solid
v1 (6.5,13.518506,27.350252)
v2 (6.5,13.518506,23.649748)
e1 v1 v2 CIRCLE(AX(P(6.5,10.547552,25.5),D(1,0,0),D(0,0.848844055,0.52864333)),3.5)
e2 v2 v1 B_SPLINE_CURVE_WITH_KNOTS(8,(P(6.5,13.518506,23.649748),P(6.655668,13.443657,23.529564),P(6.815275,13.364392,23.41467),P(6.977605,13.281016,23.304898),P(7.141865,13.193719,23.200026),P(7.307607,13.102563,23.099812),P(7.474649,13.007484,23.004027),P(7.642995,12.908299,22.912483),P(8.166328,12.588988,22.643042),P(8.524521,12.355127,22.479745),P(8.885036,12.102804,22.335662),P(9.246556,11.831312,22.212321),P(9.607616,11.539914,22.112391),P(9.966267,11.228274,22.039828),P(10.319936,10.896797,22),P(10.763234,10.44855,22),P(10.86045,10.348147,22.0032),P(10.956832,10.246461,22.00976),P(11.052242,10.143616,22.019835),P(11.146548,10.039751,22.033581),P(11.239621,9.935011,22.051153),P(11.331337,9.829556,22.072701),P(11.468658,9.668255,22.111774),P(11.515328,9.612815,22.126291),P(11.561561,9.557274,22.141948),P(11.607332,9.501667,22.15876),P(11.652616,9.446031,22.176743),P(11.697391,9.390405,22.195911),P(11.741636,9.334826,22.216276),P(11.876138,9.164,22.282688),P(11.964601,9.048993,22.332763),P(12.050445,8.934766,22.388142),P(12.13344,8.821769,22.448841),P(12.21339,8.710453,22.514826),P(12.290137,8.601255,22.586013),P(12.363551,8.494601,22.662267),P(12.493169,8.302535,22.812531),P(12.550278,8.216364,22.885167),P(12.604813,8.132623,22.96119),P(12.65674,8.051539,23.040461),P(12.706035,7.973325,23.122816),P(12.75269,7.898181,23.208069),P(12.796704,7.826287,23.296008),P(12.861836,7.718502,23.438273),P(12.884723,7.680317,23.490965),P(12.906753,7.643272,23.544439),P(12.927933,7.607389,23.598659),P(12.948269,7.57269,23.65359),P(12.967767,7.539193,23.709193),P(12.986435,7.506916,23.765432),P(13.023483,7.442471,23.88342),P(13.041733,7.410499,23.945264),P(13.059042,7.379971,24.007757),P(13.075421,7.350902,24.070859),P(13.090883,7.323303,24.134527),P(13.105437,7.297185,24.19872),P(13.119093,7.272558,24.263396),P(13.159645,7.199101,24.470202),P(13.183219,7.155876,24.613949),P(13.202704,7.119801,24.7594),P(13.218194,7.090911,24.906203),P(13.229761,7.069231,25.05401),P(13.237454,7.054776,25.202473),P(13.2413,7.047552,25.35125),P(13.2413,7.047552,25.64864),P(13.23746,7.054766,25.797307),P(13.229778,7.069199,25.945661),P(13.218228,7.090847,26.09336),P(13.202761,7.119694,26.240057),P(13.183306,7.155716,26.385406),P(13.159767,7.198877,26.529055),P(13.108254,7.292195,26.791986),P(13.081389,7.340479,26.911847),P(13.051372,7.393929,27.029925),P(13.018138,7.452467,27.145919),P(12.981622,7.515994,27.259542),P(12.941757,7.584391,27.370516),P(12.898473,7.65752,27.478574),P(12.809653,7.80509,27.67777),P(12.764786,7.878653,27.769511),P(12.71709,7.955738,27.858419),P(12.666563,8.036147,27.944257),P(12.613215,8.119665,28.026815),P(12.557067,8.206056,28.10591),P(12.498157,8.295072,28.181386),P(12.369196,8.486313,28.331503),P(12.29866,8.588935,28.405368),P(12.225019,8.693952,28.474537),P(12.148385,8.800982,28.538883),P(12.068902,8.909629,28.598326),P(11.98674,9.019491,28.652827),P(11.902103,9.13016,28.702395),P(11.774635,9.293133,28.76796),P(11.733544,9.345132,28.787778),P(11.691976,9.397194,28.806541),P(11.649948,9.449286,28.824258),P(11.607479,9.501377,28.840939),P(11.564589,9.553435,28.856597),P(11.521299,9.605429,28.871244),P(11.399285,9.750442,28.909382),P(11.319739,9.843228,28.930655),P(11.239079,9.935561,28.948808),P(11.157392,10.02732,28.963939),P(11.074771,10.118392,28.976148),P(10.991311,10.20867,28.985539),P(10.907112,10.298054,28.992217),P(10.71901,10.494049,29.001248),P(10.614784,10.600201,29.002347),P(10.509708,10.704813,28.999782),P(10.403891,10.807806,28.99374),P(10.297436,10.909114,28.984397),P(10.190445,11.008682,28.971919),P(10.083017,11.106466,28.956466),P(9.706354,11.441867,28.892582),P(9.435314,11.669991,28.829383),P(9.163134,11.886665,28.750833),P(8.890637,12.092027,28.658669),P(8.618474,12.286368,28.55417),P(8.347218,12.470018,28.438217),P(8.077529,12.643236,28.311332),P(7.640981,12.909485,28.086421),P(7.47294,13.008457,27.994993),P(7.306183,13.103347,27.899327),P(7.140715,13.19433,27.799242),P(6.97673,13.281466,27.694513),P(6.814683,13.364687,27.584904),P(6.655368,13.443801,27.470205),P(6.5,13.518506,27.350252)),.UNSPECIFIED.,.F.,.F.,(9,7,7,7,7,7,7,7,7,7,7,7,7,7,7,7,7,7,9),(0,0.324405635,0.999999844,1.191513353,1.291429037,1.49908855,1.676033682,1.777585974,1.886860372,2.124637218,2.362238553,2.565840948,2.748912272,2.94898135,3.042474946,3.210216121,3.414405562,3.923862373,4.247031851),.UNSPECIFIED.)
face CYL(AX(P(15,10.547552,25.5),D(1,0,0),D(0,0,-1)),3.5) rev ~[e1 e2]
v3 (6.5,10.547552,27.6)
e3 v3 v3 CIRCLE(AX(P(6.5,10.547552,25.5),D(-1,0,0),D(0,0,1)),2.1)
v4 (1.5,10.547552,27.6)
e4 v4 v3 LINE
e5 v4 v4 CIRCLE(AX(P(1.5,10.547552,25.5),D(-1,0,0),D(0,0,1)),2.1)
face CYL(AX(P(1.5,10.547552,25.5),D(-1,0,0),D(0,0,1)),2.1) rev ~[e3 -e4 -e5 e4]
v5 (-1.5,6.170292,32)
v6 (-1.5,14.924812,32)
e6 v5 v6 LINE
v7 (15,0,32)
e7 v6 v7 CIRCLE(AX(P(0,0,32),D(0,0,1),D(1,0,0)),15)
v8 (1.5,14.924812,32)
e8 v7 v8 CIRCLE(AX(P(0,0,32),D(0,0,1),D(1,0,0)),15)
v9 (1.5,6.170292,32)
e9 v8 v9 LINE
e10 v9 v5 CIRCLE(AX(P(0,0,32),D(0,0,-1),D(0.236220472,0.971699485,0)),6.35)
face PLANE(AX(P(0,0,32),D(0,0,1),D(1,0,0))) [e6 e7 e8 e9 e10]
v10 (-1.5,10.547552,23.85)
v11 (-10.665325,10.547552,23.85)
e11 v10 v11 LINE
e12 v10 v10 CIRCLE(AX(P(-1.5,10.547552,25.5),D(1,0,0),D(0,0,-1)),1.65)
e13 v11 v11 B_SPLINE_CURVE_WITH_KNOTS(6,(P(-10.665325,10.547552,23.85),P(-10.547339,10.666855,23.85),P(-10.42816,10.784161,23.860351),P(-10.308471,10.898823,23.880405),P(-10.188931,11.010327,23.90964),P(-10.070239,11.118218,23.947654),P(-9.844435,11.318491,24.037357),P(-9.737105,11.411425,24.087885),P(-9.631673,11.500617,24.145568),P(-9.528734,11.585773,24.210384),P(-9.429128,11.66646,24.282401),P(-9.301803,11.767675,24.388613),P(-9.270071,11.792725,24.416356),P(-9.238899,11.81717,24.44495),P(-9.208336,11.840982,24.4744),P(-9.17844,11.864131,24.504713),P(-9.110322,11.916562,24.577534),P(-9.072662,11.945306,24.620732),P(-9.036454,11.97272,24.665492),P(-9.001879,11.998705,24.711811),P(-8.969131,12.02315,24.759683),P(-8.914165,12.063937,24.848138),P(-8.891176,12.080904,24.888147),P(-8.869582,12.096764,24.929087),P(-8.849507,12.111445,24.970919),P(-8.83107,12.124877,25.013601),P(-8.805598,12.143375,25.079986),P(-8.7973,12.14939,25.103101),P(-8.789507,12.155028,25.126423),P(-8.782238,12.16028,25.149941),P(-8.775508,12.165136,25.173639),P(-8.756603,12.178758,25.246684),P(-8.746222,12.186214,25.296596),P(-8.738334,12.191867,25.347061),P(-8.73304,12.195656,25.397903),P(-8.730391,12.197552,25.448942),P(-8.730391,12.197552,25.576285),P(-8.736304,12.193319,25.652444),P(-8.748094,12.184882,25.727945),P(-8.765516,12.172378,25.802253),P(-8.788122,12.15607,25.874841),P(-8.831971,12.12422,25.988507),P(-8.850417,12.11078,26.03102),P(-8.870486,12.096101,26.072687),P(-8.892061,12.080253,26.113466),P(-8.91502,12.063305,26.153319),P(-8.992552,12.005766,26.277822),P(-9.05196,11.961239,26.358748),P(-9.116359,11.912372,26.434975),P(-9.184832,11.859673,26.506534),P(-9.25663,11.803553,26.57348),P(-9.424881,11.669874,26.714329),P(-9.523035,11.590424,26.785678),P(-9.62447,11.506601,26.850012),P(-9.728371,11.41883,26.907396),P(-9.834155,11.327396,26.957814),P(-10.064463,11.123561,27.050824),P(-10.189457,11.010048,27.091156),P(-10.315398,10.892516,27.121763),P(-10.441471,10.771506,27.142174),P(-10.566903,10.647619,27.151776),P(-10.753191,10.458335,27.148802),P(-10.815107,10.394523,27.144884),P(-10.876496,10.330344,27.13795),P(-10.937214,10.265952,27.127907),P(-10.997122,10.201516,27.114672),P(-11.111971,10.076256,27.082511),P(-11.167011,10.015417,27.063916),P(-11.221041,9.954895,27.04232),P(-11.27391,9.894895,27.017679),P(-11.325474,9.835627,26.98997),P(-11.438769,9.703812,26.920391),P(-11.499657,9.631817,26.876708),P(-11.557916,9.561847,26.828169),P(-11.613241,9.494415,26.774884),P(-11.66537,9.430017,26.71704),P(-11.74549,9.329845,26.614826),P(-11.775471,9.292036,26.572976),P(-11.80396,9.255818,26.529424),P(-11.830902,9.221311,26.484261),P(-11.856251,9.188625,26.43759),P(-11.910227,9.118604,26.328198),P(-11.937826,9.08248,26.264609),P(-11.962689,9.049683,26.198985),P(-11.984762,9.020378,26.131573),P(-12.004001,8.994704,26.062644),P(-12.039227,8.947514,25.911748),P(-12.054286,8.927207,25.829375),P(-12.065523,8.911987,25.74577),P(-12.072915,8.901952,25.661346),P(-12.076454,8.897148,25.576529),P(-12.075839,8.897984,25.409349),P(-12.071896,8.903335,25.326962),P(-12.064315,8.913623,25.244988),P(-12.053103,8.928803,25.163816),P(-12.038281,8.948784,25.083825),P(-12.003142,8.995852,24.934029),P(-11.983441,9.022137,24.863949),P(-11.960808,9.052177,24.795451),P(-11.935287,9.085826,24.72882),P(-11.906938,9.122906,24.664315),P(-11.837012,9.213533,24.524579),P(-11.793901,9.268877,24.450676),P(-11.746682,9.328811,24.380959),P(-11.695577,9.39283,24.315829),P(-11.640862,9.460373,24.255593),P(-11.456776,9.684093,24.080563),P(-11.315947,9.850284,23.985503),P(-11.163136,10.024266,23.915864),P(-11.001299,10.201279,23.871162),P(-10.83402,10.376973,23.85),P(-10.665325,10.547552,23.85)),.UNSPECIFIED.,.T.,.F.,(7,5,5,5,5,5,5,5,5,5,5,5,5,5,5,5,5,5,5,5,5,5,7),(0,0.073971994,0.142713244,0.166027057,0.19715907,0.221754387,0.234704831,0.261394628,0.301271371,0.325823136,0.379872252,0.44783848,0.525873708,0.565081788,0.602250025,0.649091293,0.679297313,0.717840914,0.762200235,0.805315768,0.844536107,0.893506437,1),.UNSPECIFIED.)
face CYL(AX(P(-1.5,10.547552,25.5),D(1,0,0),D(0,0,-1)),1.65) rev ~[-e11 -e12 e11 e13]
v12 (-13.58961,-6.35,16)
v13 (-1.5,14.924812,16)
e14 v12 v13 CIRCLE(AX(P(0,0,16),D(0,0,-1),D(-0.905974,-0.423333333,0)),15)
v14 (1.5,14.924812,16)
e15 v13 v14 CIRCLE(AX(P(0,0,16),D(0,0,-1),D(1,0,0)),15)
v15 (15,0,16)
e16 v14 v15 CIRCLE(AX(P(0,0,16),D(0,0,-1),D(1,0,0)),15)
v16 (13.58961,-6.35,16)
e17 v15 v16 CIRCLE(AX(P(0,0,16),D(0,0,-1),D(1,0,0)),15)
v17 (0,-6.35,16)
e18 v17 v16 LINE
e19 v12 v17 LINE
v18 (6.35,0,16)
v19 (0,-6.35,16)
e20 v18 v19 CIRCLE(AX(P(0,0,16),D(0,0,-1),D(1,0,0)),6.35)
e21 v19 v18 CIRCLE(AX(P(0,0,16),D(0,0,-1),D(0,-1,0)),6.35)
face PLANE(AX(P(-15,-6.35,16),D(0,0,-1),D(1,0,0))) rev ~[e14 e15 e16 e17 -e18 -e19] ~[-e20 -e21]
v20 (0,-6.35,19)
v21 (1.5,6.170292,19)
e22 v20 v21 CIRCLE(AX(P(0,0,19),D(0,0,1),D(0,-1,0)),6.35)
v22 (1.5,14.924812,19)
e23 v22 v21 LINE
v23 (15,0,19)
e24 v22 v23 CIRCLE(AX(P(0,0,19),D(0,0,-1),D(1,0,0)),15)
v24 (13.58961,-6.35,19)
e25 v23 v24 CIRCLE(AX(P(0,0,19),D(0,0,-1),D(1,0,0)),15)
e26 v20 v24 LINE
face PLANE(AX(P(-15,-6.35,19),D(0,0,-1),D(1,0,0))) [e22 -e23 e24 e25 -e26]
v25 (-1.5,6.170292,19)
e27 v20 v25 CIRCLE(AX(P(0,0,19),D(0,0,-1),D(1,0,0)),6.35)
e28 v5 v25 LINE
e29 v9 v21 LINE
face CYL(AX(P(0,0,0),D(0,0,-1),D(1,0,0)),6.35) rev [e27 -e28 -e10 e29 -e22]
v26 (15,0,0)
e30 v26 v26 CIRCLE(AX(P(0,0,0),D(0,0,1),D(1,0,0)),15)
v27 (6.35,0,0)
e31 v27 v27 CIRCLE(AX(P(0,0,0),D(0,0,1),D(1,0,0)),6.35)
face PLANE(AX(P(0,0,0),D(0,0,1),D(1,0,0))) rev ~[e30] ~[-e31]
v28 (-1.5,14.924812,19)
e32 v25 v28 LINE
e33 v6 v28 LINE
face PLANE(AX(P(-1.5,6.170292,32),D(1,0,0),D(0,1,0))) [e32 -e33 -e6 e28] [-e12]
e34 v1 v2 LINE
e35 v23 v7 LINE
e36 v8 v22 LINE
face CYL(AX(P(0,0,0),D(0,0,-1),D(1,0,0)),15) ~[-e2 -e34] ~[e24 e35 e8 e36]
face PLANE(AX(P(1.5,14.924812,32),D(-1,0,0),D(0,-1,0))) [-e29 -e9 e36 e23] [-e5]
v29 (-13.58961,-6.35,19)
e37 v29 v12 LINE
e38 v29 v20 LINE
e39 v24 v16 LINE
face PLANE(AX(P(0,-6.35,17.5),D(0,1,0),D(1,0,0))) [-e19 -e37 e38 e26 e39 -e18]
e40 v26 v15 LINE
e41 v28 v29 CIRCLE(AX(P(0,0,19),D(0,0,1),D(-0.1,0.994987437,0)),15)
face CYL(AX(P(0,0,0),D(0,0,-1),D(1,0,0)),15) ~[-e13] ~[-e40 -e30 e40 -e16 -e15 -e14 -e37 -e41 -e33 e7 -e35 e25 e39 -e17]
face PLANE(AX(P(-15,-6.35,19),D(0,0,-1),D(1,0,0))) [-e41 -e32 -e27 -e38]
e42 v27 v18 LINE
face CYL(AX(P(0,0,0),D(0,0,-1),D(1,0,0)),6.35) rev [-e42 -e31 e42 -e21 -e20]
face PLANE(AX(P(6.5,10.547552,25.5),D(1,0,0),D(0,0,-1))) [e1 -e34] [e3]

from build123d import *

# Parameters (mm, degrees)
SKETCH1_R               = 15
SKETCH1_R_2             = 6.35
BOSS_EXTRUDE1_DEPTH     = 32
CUT_EXTRUDE1_DEPTH      = 16
CUT_EXTRUDE2_START      = -21.35
SKETCH3_W               = 30
SKETCH3_H               = 3
CUT_EXTRUDE2_DEPTH      = 21.274812
SKETCH4_R               = 1.65
CUT_EXTRUDE3_DEPTH      = 17.5
CUT_EXTRUDE3_DEPTH_BACK = 14.5
SKETCH5_R               = 2.1
CUT_EXTRUDE4_DEPTH      = 14.5000001
SKETCH6_R               = 3.5
CUT_EXTRUDE5_DEPTH      = 8.5


with BuildPart() as part:
    # Sketch1 → Boss-Extrude1 (new body)
    with BuildSketch(Plane.XY):
        Circle(SKETCH1_R)
        Circle(SKETCH1_R_2, mode=Mode.SUBTRACT)
    extrude(amount=BOSS_EXTRUDE1_DEPTH)

    # Sketch2 → Cut-Extrude1 (cut)
    with BuildSketch(Plane.XY.offset(32)):
        with BuildLine():
            Line((-1.5, 6.170291727), (-1.5, 14.924811557))
            ThreePointArc((-1.5, 14.924811557), (0, 16.424811557), (1.5, 14.924811557))
            Line((1.5, 14.924811557), (1.5, 6.170291727))
            ThreePointArc((1.5, 6.170291727), (0, 4.670291727), (-1.5, 6.170291727))
        make_face()
    extrude(amount=-CUT_EXTRUDE1_DEPTH, mode=Mode.SUBTRACT)

    # Sketch3 → Cut-Extrude2 (cut)
    with BuildSketch(Plane(origin=(0, 15, 0), x_dir=(1, 0, 0), z_dir=(0, 1, 0)).offset(CUT_EXTRUDE2_START)):
        with Locations((0, -17.5)):
            Rectangle(SKETCH3_W, SKETCH3_H)
    extrude(amount=CUT_EXTRUDE2_DEPTH, mode=Mode.SUBTRACT)

    # Sketch4 → Cut-Extrude3 (cut, two sides)
    with BuildSketch(Plane(origin=(-1.5, 0, 0), x_dir=(0, 0, -1), z_dir=(1, 0, 0))) as cut_extrude3_sk:
        with Locations((-25.5, 10.547551642)):
            Circle(SKETCH4_R)
    extrude(amount=CUT_EXTRUDE3_DEPTH, mode=Mode.SUBTRACT)
    extrude(cut_extrude3_sk.sketch, amount=-CUT_EXTRUDE3_DEPTH_BACK, mode=Mode.SUBTRACT)

    # Sketch5 → Cut-Extrude4 (cut, through all)
    with BuildSketch(Plane.ZY.offset(-1.5)):
        with Locations((25.5, 10.547551642)):
            Circle(SKETCH5_R)
    extrude(amount=-CUT_EXTRUDE4_DEPTH, mode=Mode.SUBTRACT)

    # Sketch6 → Cut-Extrude5 (cut)
    with BuildSketch(Plane(origin=(15, 0, 0), x_dir=(0, 0, -1), z_dir=(1, 0, 0))):
        with Locations((-25.5, 10.547551642)):
            Circle(SKETCH6_R)
    extrude(amount=-CUT_EXTRUDE5_DEPTH, mode=Mode.SUBTRACT)


solid = part.part
